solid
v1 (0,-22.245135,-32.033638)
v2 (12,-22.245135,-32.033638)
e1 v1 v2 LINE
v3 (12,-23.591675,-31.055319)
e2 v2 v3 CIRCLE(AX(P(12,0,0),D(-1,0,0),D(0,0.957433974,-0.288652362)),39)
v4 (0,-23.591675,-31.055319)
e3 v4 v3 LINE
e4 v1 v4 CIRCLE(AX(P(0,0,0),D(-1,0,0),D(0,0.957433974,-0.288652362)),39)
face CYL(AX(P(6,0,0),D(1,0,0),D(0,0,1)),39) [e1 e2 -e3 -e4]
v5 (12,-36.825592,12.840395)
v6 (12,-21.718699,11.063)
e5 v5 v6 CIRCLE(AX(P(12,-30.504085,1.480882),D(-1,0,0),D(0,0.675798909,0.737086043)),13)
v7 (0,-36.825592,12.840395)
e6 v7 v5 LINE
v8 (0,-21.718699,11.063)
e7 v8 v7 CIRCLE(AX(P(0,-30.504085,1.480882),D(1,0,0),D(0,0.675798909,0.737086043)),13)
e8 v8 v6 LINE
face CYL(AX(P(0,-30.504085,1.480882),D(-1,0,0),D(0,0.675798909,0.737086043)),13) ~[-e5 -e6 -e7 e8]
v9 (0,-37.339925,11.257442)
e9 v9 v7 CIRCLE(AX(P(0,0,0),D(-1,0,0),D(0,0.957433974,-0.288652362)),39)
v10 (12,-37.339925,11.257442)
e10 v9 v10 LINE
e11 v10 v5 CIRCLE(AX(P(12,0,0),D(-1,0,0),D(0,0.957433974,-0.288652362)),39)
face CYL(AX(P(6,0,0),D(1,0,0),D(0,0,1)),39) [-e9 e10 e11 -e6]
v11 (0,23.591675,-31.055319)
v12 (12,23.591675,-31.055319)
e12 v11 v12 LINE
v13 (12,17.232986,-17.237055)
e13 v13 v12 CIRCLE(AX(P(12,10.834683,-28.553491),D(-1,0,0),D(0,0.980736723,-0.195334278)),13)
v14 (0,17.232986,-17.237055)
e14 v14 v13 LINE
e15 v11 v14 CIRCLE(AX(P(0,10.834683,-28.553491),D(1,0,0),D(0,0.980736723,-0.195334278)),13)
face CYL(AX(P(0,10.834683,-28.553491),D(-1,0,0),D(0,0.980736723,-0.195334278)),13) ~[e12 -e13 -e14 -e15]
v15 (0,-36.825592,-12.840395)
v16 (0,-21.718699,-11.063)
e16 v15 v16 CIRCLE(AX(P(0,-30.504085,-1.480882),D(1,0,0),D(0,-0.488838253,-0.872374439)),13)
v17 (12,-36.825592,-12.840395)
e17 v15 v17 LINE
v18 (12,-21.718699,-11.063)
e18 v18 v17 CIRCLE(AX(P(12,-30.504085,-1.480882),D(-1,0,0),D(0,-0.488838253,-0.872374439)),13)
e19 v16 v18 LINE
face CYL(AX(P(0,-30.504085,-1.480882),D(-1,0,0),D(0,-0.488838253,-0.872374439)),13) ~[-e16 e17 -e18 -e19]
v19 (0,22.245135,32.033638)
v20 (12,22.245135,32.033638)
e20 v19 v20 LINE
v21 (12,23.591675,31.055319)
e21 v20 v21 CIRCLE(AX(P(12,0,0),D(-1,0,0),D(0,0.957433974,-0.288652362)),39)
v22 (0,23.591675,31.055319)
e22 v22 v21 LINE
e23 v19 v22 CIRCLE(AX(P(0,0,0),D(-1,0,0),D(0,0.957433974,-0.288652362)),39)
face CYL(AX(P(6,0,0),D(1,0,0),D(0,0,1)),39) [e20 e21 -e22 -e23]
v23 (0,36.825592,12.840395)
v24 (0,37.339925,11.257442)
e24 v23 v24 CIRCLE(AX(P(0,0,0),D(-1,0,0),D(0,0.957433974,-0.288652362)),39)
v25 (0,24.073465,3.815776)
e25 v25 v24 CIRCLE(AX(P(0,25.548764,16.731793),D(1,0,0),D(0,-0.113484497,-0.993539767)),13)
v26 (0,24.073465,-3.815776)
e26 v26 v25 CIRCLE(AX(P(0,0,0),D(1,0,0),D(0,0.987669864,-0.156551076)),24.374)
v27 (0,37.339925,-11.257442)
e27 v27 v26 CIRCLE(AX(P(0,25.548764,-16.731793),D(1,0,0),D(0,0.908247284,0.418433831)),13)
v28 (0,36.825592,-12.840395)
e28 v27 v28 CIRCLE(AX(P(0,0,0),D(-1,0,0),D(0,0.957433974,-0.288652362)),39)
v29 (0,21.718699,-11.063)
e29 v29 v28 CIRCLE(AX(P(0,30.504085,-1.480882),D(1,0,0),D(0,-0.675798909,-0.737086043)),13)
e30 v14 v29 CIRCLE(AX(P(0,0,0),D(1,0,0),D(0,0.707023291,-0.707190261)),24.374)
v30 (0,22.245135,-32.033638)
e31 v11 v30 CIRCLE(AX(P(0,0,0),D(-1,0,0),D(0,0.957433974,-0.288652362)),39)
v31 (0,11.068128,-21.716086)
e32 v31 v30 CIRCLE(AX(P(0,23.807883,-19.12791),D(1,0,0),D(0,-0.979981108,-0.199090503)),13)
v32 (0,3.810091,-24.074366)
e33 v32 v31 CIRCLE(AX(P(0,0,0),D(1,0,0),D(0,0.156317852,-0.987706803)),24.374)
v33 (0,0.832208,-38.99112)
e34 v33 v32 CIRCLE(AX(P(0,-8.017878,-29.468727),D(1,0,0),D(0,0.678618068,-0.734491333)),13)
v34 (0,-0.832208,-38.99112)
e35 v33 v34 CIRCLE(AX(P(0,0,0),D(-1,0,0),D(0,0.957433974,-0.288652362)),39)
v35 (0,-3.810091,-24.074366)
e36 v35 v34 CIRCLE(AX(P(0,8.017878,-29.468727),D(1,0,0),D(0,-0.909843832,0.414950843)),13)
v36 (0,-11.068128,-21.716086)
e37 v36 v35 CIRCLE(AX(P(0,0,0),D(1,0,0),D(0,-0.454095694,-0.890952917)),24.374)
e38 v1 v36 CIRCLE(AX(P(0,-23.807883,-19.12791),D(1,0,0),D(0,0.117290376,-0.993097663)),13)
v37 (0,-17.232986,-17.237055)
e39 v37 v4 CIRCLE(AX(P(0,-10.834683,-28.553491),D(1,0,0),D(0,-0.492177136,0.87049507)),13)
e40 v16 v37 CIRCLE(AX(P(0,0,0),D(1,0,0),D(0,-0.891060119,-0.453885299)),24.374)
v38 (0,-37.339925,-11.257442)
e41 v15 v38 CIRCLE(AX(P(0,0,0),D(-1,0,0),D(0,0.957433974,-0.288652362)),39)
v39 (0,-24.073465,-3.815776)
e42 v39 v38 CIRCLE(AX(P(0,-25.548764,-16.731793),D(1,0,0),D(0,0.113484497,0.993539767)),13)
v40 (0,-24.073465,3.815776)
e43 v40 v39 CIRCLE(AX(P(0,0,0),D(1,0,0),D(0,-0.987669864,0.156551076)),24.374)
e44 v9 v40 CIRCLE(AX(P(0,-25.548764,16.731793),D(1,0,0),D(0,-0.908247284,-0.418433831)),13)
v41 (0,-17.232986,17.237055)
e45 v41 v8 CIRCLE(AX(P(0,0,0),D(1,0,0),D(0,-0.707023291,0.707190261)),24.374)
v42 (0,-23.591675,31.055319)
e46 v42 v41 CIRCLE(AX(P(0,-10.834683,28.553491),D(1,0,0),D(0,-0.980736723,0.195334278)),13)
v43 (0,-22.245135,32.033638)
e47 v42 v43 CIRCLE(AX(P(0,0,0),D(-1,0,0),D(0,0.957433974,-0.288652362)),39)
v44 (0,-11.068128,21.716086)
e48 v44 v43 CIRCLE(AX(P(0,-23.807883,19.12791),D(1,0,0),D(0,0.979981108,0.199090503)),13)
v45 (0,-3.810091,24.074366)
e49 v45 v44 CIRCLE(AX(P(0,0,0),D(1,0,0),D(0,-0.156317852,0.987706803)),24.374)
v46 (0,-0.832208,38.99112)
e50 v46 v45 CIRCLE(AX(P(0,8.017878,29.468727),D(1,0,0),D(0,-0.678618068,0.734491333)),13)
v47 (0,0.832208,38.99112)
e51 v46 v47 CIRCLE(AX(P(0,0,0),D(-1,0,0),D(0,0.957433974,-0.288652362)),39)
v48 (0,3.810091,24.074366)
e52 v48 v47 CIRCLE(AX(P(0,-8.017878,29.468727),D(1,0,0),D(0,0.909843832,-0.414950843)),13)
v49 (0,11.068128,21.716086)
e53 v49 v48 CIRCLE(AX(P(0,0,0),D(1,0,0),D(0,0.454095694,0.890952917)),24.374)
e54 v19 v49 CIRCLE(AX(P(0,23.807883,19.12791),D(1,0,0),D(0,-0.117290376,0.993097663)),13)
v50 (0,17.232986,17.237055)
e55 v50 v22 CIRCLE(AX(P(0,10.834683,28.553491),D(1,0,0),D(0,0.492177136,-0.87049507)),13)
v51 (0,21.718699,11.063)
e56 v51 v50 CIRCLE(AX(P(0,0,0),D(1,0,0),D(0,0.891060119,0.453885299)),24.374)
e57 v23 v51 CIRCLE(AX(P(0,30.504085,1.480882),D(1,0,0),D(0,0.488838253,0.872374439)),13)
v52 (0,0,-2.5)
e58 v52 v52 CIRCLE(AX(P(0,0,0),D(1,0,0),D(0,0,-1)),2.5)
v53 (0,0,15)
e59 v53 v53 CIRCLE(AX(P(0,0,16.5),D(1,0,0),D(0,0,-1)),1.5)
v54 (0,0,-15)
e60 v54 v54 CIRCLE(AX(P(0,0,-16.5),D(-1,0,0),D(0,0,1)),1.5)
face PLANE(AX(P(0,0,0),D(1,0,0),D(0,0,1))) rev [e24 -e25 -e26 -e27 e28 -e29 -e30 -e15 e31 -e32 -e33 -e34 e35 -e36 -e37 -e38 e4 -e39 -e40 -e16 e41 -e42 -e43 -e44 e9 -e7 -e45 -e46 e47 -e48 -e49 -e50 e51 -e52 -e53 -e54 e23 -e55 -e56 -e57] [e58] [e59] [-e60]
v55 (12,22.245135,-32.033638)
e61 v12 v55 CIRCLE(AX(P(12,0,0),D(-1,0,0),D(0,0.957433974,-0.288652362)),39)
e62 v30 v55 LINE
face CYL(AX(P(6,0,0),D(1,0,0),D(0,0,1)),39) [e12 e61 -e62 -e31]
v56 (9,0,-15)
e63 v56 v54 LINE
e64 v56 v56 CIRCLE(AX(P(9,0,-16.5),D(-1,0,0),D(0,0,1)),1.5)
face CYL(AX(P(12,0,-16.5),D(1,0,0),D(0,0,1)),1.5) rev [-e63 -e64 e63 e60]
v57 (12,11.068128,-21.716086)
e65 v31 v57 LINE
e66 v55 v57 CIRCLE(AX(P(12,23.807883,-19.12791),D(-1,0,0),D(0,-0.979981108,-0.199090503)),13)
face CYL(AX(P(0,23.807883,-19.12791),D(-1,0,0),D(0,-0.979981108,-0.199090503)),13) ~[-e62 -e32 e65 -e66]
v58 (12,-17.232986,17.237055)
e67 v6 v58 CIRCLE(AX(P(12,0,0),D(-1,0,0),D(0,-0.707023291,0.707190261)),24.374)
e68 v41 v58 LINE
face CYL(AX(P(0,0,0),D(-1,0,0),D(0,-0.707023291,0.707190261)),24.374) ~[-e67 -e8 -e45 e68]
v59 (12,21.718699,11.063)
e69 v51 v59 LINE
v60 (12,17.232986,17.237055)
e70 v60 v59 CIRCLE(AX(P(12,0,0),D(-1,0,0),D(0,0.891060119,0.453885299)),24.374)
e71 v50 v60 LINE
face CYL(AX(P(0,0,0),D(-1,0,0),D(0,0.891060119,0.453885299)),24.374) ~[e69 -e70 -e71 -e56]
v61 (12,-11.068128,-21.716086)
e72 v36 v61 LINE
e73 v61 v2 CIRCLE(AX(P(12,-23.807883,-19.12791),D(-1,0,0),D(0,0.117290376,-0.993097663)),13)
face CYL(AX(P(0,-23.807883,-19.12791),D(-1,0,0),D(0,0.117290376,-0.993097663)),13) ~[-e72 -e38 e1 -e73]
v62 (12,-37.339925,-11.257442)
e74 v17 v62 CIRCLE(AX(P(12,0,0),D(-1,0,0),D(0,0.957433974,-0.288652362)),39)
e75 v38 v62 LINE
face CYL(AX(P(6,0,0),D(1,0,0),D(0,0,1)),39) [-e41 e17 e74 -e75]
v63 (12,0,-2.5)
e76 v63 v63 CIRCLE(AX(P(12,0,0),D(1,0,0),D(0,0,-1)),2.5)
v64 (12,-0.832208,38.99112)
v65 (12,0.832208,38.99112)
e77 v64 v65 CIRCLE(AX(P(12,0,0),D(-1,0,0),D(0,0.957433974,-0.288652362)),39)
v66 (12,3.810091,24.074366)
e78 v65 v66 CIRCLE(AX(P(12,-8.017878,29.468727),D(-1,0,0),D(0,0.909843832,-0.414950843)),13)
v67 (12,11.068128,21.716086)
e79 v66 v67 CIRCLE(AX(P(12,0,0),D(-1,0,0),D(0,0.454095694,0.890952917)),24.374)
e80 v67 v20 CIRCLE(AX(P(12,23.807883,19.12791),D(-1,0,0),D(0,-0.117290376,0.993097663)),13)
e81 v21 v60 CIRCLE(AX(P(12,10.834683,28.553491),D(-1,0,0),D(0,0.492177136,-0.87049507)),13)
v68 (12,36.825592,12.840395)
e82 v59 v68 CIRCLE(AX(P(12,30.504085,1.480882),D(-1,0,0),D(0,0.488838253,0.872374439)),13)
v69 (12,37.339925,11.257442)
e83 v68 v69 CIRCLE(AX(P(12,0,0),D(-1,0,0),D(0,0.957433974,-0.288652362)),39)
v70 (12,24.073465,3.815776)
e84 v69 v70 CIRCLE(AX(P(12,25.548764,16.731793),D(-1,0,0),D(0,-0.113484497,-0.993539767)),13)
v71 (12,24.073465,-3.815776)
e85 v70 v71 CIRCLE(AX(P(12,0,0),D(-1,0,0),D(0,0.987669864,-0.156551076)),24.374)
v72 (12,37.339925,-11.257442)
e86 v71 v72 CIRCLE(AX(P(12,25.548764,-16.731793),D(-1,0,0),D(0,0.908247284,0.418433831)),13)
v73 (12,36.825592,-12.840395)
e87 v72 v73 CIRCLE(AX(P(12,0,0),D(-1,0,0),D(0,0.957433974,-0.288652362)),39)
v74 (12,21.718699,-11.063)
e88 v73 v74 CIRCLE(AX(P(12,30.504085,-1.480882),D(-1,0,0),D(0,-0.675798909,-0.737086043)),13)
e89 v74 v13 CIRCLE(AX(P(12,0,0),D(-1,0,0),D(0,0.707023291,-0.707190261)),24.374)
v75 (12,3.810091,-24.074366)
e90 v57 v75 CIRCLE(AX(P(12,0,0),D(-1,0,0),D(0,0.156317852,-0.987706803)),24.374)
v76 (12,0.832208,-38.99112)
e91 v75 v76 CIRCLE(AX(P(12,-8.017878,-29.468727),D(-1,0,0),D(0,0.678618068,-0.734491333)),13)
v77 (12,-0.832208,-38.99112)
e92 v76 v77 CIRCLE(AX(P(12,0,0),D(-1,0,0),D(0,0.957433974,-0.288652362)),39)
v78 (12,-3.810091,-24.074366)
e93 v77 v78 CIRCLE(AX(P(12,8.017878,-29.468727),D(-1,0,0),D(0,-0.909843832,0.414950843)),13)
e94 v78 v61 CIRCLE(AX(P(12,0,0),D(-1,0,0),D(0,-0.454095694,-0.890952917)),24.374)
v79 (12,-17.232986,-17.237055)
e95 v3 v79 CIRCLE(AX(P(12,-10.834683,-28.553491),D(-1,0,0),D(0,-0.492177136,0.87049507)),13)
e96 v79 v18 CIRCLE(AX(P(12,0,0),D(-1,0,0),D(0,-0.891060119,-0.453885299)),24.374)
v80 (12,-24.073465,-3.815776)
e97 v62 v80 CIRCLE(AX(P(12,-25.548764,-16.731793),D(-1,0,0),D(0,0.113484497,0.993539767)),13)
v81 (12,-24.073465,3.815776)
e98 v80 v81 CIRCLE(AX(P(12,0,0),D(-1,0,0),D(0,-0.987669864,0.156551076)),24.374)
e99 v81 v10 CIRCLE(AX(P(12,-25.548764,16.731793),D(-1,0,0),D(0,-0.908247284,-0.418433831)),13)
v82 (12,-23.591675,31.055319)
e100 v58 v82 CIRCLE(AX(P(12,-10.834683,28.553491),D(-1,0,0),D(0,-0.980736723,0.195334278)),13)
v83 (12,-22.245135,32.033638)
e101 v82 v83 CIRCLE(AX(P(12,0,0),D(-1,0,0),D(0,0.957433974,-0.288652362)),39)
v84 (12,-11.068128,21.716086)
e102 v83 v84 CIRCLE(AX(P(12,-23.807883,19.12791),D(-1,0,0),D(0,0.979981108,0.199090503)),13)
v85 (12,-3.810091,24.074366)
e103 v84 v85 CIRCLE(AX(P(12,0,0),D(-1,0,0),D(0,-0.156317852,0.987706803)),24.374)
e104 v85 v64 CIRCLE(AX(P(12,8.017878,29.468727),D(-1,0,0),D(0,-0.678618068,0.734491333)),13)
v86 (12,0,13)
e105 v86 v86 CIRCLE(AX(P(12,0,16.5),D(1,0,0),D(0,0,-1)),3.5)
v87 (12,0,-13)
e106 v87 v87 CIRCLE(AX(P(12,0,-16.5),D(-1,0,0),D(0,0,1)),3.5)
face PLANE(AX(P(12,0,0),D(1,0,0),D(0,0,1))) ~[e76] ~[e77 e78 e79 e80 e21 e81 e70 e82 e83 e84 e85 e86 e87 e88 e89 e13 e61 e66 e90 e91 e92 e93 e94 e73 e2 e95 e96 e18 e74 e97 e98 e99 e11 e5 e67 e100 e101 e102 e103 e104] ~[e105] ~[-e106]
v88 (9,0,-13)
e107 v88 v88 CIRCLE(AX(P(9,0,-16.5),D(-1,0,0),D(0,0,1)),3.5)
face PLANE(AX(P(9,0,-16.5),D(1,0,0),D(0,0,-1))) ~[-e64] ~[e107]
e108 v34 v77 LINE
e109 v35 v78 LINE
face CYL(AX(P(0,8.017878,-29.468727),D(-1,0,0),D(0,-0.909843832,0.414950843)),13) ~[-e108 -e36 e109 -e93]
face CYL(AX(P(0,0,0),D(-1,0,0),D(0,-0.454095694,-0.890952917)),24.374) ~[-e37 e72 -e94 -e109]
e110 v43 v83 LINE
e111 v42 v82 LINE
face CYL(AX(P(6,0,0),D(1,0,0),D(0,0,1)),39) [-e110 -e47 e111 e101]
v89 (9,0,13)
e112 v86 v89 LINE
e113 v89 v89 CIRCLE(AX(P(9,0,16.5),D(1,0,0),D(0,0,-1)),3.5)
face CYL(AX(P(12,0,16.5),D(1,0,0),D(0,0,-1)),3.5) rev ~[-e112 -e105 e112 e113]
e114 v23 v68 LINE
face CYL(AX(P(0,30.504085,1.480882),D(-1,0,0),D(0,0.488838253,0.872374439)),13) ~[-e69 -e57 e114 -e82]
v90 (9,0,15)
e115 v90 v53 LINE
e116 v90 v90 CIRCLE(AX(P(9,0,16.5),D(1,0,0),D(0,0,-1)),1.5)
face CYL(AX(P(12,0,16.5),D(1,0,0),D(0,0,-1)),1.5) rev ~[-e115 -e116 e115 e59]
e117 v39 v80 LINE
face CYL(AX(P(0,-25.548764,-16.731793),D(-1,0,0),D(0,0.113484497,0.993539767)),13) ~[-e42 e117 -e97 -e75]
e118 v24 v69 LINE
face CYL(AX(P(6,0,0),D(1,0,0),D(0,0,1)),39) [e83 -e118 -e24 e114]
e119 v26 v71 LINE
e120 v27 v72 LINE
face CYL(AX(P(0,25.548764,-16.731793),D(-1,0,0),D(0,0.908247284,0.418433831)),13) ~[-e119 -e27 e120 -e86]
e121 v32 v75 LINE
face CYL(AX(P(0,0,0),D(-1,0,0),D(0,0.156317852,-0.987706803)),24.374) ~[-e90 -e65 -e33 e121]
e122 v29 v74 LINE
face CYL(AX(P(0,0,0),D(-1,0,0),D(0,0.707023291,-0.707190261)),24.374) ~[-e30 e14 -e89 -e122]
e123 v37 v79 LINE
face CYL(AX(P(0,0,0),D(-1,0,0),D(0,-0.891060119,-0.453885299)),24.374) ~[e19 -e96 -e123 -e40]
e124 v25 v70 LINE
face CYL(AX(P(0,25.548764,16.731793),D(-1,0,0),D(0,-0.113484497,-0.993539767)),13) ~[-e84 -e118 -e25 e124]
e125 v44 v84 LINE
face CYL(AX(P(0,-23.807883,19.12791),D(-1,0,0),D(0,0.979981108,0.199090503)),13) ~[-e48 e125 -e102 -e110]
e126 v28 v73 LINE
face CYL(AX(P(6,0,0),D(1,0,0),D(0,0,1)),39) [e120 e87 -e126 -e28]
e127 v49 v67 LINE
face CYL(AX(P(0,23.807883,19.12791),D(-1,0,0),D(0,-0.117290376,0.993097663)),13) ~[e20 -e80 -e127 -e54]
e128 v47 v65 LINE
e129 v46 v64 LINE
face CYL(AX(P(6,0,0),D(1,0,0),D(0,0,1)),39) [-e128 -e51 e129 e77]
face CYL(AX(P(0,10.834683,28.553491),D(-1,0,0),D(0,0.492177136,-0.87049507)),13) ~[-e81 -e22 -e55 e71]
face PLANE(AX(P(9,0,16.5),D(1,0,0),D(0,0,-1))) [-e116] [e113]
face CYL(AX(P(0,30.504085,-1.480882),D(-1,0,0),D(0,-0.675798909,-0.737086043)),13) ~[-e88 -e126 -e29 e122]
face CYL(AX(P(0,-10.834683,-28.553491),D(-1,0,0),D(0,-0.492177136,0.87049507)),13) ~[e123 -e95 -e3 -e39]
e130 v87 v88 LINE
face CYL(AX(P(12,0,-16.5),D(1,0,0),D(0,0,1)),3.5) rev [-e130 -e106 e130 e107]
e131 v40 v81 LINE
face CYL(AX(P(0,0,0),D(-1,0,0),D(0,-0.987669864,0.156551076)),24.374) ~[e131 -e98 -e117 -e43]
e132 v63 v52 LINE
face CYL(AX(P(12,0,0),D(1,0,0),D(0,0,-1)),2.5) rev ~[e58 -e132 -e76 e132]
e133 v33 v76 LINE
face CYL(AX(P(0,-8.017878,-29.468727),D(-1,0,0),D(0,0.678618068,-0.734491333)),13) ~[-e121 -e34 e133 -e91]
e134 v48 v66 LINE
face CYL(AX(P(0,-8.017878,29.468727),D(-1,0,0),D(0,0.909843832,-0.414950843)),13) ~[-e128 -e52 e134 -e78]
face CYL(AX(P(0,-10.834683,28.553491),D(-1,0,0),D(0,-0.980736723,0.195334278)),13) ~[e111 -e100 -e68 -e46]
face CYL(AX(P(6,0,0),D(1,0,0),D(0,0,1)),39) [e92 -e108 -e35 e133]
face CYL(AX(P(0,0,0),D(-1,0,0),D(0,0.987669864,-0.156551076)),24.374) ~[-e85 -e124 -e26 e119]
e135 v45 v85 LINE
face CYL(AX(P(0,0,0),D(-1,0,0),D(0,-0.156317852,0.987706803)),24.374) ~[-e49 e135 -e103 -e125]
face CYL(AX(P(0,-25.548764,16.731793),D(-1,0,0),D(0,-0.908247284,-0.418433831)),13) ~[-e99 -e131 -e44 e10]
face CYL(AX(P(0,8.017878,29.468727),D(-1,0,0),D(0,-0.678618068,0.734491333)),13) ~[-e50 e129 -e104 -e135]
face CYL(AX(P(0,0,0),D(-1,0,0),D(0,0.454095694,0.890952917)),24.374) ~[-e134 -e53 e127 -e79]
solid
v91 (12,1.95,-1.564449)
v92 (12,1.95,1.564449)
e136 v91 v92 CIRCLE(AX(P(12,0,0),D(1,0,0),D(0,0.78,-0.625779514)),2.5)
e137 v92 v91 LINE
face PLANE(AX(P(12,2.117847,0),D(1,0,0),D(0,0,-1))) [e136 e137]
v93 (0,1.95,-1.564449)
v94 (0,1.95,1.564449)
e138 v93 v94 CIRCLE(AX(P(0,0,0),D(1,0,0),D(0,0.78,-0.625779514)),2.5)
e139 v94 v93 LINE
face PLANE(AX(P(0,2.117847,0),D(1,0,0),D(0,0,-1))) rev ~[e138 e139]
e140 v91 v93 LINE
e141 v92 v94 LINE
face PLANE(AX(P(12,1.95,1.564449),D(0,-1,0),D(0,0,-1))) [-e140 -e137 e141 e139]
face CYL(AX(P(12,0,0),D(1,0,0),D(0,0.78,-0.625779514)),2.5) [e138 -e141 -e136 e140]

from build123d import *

# Parameters (mm, degrees)
BASPROSKE_W             = 12
BASPROSKE_H             = 39
TOOTHCUT_DEPTH          = 57.444663167
TEETHCUTS_COUNT         = 10
BORSKE_R                = 1.5
BORE_DEPTH              = 12
CROQUIS1_R              = 2.5
CORTAR_EXTRUIR1_DEPTH   = 56.31066802
SALIENTE_EXTRUIR1_DEPTH = 12
CROQUIS3_R              = 1.5
CORTAR_EXTRUIR2_DEPTH   = 12
CROQUIS3_3_R            = 3.5
CROQUIS3_3_R_2          = 1.5
CORTAR_EXTRUIR3_DEPTH   = 3


with BuildPart() as part:
    # BasProSke → Base-Revolve (revolve)
    with BuildSketch(Plane(origin=(0, 0, 0), x_dir=(1, 0, 0), z_dir=(0, 1, 0)), mode=Mode.PRIVATE) as base_revolve_sk:
        with Locations((6, 19.5)):
            Rectangle(BASPROSKE_W, BASPROSKE_H)
    revolve(base_revolve_sk.sketch.rotate(Axis((-10, 0, 0), (1, 0, 0)), 180), axis=Axis((-10, 0, 0), (1, 0, 0)))

    # TooCutSke → ToothCut (cut, through all)
    with BuildSketch(Plane(origin=(0, 0, 0), x_dir=(0, 0, -1), z_dir=(1, 0, 0))):
        with BuildLine():
            ThreePointArc((3.815775932, 24.073465269), (0, 24.374), (-3.815775932, 24.073465269))
            ThreePointArc((-3.815775932, 24.073465269), (-5.403120307, 31.925375456), (-11.292153099, 37.355978418))
            ThreePointArc((-11.292153099, 37.355978418), (0, 39.0254), (11.292153099, 37.355978418))
            ThreePointArc((11.292153099, 37.355978418), (5.403120307, 31.925375456), (3.815775932, 24.073465269))
        make_face()
    toothcut = extrude(amount=TOOTHCUT_DEPTH, mode=Mode.SUBTRACT)

    # TeethCuts: ToothCut ×10 about axis
    teethcuts_axis = Axis((0, 0, 0), (1, 0, 0))
    for i in range(1, TEETHCUTS_COUNT):
        add(toothcut.rotate(teethcuts_axis, i * 360 / TEETHCUTS_COUNT), mode=Mode.SUBTRACT)

    # BorSke → Bore (cut, symmetric)
    with BuildSketch(Plane(origin=(0, 0, 0), x_dir=(0, 0, -1), z_dir=(1, 0, 0))):
        with Locations(Location((0, 0, 0), (0, 0, 180))):
            Circle(BORSKE_R)
    extrude(amount=BORE_DEPTH, both=True, mode=Mode.SUBTRACT)

    # Croquis1 → Cortar-Extruir1 (cut, through all)
    with BuildSketch(Plane.YZ.offset(12)):
        with Locations(Location((0, 0, 0), (0, 0, 270))):
            Circle(CROQUIS1_R)
    extrude(amount=-CORTAR_EXTRUIR1_DEPTH, mode=Mode.SUBTRACT)

    # Croquis3 → Cortar-Extruir2 (cut)
    with BuildSketch(Plane(origin=(12, 0, 0), x_dir=(0, 0, -1), z_dir=(1, 0, 0))):
        with Locations((-16.5, 0)):
            Circle(CROQUIS3_R)
    cortar_extruir2 = extrude(amount=-CORTAR_EXTRUIR2_DEPTH, mode=Mode.SUBTRACT)

    # Croquis3<3> → Cortar-Extruir3 (cut)
    with BuildSketch(Plane(origin=(12, 0, 0), x_dir=(0, 0, -1), z_dir=(1, 0, 0))):
        with Locations((-16.5, 0)):
            Circle(CROQUIS3_3_R)
        with Locations((-16.5, 0)):
            Circle(CROQUIS3_3_R_2, mode=Mode.SUBTRACT)
    cortar_extruir3 = extrude(amount=-CORTAR_EXTRUIR3_DEPTH, mode=Mode.SUBTRACT)

    # Simetría1: Cortar-Extruir2, Cortar-Extruir3 across plane
    add(cortar_extruir2.mirror(Plane.XY), mode=Mode.SUBTRACT)
    add(cortar_extruir3.mirror(Plane.XY), mode=Mode.SUBTRACT)


with BuildPart() as body_2:
    # Croquis2 → Saliente-Extruir1 (new body)
    with BuildSketch(Plane(origin=(12, 0, 0), x_dir=(0, 0, -1), z_dir=(1, 0, 0))):
        with BuildLine():
            ThreePointArc((1.564448785, 1.95), (0, 2.5), (-1.564448785, 1.95))
            Line((-1.564448785, 1.95), (1.564448785, 1.95))
        make_face()
    extrude(amount=-SALIENTE_EXTRUIR1_DEPTH)


solid = Compound([part.part, body_2.part])
